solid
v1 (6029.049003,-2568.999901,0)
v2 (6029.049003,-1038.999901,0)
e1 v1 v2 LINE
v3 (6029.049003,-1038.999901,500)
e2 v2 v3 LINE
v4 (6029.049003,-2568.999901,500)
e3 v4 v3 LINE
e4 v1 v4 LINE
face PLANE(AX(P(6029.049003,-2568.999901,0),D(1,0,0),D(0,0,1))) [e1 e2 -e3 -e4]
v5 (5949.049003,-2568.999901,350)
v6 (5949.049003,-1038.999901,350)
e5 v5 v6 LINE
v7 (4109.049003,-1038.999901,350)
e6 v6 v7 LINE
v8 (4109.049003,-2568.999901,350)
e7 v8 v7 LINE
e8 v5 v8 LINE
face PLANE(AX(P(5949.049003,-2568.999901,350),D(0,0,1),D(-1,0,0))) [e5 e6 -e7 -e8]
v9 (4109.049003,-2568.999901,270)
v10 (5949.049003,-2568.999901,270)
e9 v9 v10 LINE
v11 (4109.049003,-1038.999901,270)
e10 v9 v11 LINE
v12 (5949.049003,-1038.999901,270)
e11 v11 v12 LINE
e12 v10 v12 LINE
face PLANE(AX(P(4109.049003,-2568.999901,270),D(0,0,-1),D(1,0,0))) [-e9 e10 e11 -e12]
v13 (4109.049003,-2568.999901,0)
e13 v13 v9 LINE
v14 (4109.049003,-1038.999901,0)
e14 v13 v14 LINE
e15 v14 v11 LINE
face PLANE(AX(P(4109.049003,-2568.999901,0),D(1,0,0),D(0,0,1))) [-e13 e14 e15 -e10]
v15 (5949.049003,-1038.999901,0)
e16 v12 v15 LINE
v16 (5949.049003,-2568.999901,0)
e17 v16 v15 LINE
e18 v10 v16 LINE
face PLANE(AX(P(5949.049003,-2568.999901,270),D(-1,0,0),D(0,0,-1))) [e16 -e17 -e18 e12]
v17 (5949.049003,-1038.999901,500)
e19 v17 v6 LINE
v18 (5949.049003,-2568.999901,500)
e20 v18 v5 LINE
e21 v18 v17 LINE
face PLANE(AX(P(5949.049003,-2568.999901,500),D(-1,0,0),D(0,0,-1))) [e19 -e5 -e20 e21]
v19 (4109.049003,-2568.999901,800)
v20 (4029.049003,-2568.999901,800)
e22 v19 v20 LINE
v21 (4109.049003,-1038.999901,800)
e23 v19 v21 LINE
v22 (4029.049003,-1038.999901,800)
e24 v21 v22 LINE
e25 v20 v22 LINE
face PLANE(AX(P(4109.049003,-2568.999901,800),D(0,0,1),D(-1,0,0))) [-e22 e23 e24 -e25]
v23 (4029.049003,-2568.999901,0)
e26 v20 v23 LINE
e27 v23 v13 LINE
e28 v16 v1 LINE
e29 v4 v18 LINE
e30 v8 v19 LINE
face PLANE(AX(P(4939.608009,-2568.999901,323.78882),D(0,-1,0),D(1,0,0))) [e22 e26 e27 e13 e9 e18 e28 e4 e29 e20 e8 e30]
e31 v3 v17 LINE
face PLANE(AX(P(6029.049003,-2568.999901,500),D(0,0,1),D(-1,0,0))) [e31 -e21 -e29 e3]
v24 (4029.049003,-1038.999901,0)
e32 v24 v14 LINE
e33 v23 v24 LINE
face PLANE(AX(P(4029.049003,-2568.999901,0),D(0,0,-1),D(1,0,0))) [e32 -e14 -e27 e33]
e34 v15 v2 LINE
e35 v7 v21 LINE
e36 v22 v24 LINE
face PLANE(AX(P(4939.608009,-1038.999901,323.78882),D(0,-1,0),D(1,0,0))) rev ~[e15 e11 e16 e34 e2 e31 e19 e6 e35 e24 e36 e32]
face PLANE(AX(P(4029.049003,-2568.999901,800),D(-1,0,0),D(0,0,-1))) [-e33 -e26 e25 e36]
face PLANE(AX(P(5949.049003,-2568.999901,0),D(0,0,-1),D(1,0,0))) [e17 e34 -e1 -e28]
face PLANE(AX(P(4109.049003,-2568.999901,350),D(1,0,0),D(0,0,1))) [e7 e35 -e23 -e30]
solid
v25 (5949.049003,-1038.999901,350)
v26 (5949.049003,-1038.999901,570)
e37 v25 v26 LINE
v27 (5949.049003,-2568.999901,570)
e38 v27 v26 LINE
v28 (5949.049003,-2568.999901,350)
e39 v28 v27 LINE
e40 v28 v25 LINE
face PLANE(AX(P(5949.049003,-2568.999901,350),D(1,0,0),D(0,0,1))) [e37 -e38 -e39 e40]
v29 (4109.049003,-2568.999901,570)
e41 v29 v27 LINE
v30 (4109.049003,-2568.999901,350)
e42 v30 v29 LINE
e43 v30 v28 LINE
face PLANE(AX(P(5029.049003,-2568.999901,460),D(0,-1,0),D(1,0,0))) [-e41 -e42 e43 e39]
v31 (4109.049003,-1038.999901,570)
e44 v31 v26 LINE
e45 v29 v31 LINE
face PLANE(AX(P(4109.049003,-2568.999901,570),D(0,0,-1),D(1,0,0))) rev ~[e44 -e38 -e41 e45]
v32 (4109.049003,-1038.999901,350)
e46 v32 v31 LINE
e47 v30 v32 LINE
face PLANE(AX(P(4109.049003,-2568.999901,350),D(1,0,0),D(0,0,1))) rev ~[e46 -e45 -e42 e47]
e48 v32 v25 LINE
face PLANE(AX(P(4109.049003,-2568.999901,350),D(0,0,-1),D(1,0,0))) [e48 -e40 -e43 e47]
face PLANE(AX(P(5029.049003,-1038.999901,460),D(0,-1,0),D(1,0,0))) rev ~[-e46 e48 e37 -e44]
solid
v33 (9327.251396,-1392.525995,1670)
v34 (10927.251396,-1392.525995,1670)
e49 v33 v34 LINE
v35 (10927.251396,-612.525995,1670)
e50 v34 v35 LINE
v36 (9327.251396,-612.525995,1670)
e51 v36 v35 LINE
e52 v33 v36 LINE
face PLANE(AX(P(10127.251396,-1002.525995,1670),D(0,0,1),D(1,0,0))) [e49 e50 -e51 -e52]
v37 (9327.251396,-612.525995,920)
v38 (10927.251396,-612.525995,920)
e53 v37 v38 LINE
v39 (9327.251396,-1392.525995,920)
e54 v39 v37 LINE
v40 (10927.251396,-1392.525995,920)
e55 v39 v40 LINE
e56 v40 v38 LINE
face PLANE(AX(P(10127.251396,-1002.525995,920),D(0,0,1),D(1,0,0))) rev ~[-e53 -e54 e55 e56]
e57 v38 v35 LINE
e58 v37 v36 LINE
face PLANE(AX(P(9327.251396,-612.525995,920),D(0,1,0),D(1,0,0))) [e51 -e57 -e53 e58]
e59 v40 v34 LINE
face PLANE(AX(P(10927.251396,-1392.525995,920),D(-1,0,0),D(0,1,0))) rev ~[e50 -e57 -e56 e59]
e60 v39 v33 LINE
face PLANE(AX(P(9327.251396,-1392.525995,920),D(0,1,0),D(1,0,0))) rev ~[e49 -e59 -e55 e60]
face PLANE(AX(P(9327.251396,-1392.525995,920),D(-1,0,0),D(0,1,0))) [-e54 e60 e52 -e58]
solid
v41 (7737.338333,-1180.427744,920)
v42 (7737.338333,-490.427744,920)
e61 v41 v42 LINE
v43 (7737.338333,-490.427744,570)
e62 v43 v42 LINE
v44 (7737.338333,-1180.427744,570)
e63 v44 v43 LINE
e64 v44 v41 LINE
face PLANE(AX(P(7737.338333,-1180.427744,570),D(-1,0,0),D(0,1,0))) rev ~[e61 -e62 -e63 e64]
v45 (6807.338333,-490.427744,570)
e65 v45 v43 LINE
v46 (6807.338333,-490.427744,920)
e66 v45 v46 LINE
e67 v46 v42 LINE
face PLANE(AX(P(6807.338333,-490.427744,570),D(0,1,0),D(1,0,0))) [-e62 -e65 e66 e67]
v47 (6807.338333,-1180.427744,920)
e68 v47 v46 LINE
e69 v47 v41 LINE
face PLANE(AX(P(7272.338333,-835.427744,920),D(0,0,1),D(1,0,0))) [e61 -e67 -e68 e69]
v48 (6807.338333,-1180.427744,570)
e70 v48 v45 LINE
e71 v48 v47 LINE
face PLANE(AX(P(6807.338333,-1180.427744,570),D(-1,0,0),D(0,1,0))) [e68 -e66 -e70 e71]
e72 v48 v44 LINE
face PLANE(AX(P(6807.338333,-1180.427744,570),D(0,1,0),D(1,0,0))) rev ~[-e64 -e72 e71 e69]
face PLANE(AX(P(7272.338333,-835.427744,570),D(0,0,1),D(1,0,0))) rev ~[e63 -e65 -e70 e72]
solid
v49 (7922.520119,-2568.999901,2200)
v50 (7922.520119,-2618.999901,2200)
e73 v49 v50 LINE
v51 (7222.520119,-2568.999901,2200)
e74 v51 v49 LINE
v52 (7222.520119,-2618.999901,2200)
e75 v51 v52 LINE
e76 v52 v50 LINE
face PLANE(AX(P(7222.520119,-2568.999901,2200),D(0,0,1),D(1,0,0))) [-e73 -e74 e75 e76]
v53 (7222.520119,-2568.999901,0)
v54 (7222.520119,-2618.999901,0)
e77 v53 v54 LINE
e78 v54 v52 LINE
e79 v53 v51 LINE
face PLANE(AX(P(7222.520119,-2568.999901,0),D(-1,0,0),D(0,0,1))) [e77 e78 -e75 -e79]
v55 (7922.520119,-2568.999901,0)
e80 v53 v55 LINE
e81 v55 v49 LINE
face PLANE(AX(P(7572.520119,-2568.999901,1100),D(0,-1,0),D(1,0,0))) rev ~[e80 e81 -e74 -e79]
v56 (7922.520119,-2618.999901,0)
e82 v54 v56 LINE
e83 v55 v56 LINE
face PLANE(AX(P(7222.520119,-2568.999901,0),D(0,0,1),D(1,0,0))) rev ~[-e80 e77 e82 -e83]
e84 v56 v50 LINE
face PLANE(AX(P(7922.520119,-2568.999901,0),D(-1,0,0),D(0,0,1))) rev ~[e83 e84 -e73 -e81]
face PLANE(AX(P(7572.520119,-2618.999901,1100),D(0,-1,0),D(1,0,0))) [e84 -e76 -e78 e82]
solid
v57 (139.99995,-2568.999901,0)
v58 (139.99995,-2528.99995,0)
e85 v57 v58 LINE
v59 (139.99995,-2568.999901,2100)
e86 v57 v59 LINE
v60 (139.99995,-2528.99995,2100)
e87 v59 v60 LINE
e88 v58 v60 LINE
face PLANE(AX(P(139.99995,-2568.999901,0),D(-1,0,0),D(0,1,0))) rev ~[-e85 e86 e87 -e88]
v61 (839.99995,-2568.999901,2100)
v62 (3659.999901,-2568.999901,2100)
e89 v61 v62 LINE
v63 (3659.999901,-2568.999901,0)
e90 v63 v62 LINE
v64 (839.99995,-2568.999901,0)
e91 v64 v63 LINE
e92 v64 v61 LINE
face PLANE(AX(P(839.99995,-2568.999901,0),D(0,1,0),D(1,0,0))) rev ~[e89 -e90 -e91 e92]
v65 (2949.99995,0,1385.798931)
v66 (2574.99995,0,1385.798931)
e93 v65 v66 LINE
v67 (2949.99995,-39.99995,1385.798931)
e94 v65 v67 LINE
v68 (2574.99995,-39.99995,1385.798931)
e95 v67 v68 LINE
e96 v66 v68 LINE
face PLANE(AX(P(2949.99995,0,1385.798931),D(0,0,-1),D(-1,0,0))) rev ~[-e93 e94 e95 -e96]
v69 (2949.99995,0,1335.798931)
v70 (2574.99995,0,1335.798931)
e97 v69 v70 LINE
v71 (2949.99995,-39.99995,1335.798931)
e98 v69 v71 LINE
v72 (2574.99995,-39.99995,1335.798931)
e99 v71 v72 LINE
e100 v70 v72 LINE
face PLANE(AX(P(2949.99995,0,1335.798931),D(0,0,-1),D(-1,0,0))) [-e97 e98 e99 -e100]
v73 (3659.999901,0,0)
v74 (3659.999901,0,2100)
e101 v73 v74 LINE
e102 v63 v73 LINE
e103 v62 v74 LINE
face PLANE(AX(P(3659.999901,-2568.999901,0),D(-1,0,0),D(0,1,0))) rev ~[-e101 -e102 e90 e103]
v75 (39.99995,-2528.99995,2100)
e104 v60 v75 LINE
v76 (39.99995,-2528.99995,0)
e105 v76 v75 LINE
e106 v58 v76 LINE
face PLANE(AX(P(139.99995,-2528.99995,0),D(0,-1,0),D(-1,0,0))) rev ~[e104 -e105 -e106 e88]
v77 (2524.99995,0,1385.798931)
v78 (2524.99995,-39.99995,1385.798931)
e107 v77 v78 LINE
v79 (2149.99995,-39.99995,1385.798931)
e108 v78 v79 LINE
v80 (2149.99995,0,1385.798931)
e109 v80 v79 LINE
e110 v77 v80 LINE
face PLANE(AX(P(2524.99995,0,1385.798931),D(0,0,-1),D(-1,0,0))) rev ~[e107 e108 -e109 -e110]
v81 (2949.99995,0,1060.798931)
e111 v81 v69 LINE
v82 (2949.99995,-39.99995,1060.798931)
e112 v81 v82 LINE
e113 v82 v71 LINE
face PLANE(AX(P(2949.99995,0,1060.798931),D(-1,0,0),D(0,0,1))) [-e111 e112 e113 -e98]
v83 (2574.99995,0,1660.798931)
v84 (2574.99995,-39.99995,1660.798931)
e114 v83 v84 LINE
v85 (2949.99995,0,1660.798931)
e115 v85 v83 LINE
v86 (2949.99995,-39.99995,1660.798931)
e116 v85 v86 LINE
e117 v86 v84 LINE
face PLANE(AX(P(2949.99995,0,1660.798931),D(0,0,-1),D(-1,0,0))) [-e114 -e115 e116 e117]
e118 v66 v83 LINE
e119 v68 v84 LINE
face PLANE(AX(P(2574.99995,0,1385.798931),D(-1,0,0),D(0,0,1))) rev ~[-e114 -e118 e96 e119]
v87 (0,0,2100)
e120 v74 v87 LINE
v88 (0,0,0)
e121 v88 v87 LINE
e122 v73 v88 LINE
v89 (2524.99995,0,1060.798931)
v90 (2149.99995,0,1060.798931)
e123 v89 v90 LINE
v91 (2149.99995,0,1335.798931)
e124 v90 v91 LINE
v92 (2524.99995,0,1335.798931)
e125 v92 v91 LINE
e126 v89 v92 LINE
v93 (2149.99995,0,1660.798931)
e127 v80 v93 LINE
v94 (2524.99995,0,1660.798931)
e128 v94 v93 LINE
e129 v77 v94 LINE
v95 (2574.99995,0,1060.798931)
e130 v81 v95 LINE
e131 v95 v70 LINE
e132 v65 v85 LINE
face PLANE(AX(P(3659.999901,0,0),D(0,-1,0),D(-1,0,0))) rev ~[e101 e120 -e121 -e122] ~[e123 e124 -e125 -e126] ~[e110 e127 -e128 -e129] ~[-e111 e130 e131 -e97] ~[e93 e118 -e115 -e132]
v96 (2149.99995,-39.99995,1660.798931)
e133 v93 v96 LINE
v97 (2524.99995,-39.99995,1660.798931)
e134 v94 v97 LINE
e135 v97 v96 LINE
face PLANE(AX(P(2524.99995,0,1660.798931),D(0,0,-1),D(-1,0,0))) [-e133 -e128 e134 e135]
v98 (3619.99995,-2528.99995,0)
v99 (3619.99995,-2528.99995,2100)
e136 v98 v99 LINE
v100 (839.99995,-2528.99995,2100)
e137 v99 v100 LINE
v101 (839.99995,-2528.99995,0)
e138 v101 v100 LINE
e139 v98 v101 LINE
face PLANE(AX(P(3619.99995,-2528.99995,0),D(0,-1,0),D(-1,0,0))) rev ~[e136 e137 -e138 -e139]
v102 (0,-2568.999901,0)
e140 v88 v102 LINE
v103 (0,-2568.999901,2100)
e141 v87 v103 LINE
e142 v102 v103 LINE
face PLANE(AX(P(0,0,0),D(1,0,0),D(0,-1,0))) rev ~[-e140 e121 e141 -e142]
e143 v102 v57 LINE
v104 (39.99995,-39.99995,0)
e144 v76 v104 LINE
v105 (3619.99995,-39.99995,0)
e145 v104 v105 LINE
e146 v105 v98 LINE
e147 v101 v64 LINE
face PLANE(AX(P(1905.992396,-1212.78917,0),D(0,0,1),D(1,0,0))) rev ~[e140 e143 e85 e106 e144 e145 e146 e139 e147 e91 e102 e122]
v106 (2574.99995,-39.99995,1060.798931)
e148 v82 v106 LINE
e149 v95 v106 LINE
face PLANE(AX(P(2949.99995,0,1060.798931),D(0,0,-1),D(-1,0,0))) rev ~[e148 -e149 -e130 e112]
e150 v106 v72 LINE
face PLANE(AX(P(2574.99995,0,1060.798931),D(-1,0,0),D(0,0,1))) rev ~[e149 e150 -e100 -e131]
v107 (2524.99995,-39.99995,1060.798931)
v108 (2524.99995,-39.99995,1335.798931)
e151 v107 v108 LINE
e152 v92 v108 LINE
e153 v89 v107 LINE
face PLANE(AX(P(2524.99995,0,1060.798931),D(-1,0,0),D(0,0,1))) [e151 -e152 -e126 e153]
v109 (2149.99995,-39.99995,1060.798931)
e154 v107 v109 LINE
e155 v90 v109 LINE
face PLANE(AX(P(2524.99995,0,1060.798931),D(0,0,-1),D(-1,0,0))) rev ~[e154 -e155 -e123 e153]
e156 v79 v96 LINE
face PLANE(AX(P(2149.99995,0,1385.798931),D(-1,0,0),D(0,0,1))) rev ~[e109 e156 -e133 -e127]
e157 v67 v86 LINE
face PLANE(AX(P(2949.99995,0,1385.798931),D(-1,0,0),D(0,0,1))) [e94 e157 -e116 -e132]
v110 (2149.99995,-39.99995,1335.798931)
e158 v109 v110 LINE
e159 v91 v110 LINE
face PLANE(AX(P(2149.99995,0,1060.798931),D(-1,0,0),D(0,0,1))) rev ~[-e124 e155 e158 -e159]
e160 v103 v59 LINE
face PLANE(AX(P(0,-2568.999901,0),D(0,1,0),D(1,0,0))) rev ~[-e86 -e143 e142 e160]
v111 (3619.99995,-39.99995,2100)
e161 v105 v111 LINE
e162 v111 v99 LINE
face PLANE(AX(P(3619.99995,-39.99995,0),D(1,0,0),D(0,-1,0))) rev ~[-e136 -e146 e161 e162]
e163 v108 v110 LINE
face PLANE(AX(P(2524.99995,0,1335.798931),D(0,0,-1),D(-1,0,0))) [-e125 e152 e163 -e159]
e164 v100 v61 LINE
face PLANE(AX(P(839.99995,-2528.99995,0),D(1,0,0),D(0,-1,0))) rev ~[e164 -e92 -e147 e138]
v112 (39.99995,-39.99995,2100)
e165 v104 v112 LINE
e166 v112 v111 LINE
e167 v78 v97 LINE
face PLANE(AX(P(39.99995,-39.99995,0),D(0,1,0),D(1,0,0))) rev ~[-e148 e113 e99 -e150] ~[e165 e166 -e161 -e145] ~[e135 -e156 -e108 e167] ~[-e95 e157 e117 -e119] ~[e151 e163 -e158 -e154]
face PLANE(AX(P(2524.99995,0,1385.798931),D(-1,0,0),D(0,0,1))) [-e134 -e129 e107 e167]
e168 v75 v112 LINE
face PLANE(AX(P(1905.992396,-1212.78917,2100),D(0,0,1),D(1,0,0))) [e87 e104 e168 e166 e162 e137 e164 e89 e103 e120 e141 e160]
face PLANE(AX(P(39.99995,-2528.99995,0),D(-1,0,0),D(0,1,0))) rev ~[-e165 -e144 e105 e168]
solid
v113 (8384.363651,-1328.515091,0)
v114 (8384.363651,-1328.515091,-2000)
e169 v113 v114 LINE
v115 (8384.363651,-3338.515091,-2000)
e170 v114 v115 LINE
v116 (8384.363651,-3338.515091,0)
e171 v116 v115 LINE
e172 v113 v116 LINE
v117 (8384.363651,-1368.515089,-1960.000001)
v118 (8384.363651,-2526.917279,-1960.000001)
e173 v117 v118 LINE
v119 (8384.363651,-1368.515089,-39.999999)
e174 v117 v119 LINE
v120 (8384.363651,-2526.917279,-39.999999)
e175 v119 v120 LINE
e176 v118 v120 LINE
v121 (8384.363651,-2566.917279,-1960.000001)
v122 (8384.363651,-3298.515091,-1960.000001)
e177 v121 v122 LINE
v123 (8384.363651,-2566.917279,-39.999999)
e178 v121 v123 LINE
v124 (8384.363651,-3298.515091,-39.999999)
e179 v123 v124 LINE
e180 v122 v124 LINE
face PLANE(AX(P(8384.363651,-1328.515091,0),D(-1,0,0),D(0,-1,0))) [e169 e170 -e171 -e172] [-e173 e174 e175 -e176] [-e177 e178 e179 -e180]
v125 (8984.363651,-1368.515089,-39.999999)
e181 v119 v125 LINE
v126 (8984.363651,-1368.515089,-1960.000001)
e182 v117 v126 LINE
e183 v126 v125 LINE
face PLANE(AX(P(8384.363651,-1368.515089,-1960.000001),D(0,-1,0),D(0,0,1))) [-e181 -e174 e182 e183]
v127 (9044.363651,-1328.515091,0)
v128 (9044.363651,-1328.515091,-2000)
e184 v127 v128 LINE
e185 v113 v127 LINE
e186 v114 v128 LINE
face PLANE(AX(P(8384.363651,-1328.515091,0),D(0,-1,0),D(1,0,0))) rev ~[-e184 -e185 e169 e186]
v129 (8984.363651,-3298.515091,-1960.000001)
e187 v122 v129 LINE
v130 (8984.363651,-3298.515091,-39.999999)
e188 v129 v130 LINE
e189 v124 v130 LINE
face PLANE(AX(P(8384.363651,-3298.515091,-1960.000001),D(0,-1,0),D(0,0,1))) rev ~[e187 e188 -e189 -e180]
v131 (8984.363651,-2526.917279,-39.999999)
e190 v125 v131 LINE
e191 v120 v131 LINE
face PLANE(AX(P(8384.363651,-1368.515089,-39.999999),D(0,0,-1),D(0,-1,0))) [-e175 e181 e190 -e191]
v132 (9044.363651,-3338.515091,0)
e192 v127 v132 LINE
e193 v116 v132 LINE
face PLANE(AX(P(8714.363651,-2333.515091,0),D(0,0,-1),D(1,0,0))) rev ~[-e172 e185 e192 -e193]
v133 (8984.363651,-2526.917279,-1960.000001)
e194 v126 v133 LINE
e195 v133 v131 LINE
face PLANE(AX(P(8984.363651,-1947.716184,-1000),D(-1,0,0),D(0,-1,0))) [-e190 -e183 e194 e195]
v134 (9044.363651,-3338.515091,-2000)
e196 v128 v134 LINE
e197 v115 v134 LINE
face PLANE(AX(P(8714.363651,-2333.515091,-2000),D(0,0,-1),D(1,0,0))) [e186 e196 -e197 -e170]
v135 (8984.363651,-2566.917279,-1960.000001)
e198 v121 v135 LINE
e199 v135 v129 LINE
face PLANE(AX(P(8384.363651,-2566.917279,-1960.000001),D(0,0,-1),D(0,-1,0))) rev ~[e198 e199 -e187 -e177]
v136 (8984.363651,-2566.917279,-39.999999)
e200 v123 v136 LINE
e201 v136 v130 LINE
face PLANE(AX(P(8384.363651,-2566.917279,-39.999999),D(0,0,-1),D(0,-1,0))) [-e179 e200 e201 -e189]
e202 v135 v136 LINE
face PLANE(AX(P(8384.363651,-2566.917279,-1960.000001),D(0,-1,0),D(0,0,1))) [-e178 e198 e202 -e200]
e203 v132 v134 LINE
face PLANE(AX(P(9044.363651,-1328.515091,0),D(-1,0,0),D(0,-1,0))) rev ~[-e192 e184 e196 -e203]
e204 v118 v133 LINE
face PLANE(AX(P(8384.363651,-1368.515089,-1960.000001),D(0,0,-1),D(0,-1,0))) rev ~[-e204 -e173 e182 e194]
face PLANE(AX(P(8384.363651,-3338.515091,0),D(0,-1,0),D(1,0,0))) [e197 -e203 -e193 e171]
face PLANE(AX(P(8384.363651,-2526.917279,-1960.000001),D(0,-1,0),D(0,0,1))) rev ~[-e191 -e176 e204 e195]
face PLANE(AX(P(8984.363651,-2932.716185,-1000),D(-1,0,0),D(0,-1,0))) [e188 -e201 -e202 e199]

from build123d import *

# Parameters (mm, degrees)
F1_DEPTH  = 2100
F3_DEPTH  = 1530
F4_W      = 700
F4_H      = 2200
F5_DEPTH  = 50
F6_W      = 375
F6_H      = 275
F7_DEPTH  = 100
F8_W      = 660
F8_H      = 2010
F9_DEPTH  = 2000
F10_W     = 1158.402189
F10_H     = 1920.000002
F10_W_2   = 731.597813
F11_DEPTH = 600
F12_W     = 1840
F12_H     = 220
F13_DEPTH = 1530
F14_W     = 930
F14_H     = 690
F15_DEPTH = 350
F16_W     = 1600
F16_H     = 780
F17_DEPTH = 750


with BuildPart() as f1:
    # F0 (on Top) → F1 (new body)
    with BuildSketch(Plane.XY):
        Polygon((39.99995, -2528.99995), (39.99995, -39.99995), (3619.99995, -39.99995), (3619.99995, -2528.99995), (839.99995, -2528.99995), (839.99995, -2568.999901), (3659.999901, -2568.999901), (3659.999901, 0), (0, 0), (0, -2568.999901), (139.99995, -2568.999901), (139.99995, -2528.99995), align=None)
    extrude(amount=F1_DEPTH)

    # F6 (on face) → F7 (cut)
    with BuildSketch(Plane(origin=(0, 0, 0), x_dir=(-1, 0, 0), z_dir=(0, 1, 0))):
        with Locations((-2762.49995, 1523.298931)):
            Rectangle(F6_W, F6_H)
        with Locations((-2337.49995, 1523.298931)):
            Rectangle(F6_W, F6_H)
        with Locations((-2762.49995, 1198.298931)):
            Rectangle(F6_W, F6_H)
        with Locations((-2337.49995, 1198.298931)):
            Rectangle(F6_W, F6_H)
    extrude(amount=-F7_DEPTH, mode=Mode.SUBTRACT)


with BuildPart() as f3:
    # F2 (on face) → F3 (new body)
    with BuildSketch(Plane.XZ.offset(2568.999901)):
        Polygon((4109.049003, 800), (4029.049003, 800), (4029.049003, 0), (4109.049003, 0), (4109.049003, 270), (5949.049003, 270), (5949.049003, 0), (6029.049003, 0), (6029.049003, 500), (5949.049003, 500), (5949.049003, 350), (4109.049003, 350), align=None)
    extrude(amount=-F3_DEPTH)


with BuildPart() as f5:
    # F4 (on face) → F5 (new body)
    with BuildSketch(Plane.XZ.offset(2568.999901)):
        with Locations((7572.520119, 1100)):
            Rectangle(F4_W, F4_H)
    extrude(amount=F5_DEPTH)


with BuildPart() as f9:
    # F8 (on face) → F9 (new body)
    with BuildSketch(Plane(origin=(0, 0, 0), x_dir=(1, 0, 0), z_dir=(0, 0, -1))):
        with Locations((8714.363651, 2333.515091)):
            Rectangle(F8_W, F8_H)
    extrude(amount=F9_DEPTH)

    # F10 (on face) → F11 (cut)
    with BuildSketch(Plane(origin=(8384.363651, 0, 0), x_dir=(0, -1, 0), z_dir=(-1, 0, 0))):
        with Locations((1947.716184, -1000)):
            Rectangle(F10_W, F10_H)
        with Locations((2932.716185, -1000)):
            Rectangle(F10_W_2, F10_H)
    extrude(amount=-F11_DEPTH, mode=Mode.SUBTRACT)


with BuildPart() as f13:
    # F12 (on face) → F13 (new body, through all)
    with BuildSketch(Plane.XZ.offset(2568.999901)):
        with Locations((5029.049003, 460)):
            Rectangle(F12_W, F12_H)
    extrude(amount=-F13_DEPTH)


with BuildPart() as f15:
    # F14 (on face) → F15 (new body)
    with BuildSketch(Plane.XY.offset(570)):
        with Locations((7272.338333, -835.427744)):
            Rectangle(F14_W, F14_H)
    extrude(amount=F15_DEPTH)


with BuildPart() as f17:
    # F16 (on face) → F17 (new body)
    with BuildSketch(Plane.XY.offset(920)):
        with Locations((10127.251396, -1002.525995)):
            Rectangle(F16_W, F16_H)
    extrude(amount=F17_DEPTH)


solid = Compound([f1.part, f3.part, f5.part, f9.part, f13.part, f15.part, f17.part])
